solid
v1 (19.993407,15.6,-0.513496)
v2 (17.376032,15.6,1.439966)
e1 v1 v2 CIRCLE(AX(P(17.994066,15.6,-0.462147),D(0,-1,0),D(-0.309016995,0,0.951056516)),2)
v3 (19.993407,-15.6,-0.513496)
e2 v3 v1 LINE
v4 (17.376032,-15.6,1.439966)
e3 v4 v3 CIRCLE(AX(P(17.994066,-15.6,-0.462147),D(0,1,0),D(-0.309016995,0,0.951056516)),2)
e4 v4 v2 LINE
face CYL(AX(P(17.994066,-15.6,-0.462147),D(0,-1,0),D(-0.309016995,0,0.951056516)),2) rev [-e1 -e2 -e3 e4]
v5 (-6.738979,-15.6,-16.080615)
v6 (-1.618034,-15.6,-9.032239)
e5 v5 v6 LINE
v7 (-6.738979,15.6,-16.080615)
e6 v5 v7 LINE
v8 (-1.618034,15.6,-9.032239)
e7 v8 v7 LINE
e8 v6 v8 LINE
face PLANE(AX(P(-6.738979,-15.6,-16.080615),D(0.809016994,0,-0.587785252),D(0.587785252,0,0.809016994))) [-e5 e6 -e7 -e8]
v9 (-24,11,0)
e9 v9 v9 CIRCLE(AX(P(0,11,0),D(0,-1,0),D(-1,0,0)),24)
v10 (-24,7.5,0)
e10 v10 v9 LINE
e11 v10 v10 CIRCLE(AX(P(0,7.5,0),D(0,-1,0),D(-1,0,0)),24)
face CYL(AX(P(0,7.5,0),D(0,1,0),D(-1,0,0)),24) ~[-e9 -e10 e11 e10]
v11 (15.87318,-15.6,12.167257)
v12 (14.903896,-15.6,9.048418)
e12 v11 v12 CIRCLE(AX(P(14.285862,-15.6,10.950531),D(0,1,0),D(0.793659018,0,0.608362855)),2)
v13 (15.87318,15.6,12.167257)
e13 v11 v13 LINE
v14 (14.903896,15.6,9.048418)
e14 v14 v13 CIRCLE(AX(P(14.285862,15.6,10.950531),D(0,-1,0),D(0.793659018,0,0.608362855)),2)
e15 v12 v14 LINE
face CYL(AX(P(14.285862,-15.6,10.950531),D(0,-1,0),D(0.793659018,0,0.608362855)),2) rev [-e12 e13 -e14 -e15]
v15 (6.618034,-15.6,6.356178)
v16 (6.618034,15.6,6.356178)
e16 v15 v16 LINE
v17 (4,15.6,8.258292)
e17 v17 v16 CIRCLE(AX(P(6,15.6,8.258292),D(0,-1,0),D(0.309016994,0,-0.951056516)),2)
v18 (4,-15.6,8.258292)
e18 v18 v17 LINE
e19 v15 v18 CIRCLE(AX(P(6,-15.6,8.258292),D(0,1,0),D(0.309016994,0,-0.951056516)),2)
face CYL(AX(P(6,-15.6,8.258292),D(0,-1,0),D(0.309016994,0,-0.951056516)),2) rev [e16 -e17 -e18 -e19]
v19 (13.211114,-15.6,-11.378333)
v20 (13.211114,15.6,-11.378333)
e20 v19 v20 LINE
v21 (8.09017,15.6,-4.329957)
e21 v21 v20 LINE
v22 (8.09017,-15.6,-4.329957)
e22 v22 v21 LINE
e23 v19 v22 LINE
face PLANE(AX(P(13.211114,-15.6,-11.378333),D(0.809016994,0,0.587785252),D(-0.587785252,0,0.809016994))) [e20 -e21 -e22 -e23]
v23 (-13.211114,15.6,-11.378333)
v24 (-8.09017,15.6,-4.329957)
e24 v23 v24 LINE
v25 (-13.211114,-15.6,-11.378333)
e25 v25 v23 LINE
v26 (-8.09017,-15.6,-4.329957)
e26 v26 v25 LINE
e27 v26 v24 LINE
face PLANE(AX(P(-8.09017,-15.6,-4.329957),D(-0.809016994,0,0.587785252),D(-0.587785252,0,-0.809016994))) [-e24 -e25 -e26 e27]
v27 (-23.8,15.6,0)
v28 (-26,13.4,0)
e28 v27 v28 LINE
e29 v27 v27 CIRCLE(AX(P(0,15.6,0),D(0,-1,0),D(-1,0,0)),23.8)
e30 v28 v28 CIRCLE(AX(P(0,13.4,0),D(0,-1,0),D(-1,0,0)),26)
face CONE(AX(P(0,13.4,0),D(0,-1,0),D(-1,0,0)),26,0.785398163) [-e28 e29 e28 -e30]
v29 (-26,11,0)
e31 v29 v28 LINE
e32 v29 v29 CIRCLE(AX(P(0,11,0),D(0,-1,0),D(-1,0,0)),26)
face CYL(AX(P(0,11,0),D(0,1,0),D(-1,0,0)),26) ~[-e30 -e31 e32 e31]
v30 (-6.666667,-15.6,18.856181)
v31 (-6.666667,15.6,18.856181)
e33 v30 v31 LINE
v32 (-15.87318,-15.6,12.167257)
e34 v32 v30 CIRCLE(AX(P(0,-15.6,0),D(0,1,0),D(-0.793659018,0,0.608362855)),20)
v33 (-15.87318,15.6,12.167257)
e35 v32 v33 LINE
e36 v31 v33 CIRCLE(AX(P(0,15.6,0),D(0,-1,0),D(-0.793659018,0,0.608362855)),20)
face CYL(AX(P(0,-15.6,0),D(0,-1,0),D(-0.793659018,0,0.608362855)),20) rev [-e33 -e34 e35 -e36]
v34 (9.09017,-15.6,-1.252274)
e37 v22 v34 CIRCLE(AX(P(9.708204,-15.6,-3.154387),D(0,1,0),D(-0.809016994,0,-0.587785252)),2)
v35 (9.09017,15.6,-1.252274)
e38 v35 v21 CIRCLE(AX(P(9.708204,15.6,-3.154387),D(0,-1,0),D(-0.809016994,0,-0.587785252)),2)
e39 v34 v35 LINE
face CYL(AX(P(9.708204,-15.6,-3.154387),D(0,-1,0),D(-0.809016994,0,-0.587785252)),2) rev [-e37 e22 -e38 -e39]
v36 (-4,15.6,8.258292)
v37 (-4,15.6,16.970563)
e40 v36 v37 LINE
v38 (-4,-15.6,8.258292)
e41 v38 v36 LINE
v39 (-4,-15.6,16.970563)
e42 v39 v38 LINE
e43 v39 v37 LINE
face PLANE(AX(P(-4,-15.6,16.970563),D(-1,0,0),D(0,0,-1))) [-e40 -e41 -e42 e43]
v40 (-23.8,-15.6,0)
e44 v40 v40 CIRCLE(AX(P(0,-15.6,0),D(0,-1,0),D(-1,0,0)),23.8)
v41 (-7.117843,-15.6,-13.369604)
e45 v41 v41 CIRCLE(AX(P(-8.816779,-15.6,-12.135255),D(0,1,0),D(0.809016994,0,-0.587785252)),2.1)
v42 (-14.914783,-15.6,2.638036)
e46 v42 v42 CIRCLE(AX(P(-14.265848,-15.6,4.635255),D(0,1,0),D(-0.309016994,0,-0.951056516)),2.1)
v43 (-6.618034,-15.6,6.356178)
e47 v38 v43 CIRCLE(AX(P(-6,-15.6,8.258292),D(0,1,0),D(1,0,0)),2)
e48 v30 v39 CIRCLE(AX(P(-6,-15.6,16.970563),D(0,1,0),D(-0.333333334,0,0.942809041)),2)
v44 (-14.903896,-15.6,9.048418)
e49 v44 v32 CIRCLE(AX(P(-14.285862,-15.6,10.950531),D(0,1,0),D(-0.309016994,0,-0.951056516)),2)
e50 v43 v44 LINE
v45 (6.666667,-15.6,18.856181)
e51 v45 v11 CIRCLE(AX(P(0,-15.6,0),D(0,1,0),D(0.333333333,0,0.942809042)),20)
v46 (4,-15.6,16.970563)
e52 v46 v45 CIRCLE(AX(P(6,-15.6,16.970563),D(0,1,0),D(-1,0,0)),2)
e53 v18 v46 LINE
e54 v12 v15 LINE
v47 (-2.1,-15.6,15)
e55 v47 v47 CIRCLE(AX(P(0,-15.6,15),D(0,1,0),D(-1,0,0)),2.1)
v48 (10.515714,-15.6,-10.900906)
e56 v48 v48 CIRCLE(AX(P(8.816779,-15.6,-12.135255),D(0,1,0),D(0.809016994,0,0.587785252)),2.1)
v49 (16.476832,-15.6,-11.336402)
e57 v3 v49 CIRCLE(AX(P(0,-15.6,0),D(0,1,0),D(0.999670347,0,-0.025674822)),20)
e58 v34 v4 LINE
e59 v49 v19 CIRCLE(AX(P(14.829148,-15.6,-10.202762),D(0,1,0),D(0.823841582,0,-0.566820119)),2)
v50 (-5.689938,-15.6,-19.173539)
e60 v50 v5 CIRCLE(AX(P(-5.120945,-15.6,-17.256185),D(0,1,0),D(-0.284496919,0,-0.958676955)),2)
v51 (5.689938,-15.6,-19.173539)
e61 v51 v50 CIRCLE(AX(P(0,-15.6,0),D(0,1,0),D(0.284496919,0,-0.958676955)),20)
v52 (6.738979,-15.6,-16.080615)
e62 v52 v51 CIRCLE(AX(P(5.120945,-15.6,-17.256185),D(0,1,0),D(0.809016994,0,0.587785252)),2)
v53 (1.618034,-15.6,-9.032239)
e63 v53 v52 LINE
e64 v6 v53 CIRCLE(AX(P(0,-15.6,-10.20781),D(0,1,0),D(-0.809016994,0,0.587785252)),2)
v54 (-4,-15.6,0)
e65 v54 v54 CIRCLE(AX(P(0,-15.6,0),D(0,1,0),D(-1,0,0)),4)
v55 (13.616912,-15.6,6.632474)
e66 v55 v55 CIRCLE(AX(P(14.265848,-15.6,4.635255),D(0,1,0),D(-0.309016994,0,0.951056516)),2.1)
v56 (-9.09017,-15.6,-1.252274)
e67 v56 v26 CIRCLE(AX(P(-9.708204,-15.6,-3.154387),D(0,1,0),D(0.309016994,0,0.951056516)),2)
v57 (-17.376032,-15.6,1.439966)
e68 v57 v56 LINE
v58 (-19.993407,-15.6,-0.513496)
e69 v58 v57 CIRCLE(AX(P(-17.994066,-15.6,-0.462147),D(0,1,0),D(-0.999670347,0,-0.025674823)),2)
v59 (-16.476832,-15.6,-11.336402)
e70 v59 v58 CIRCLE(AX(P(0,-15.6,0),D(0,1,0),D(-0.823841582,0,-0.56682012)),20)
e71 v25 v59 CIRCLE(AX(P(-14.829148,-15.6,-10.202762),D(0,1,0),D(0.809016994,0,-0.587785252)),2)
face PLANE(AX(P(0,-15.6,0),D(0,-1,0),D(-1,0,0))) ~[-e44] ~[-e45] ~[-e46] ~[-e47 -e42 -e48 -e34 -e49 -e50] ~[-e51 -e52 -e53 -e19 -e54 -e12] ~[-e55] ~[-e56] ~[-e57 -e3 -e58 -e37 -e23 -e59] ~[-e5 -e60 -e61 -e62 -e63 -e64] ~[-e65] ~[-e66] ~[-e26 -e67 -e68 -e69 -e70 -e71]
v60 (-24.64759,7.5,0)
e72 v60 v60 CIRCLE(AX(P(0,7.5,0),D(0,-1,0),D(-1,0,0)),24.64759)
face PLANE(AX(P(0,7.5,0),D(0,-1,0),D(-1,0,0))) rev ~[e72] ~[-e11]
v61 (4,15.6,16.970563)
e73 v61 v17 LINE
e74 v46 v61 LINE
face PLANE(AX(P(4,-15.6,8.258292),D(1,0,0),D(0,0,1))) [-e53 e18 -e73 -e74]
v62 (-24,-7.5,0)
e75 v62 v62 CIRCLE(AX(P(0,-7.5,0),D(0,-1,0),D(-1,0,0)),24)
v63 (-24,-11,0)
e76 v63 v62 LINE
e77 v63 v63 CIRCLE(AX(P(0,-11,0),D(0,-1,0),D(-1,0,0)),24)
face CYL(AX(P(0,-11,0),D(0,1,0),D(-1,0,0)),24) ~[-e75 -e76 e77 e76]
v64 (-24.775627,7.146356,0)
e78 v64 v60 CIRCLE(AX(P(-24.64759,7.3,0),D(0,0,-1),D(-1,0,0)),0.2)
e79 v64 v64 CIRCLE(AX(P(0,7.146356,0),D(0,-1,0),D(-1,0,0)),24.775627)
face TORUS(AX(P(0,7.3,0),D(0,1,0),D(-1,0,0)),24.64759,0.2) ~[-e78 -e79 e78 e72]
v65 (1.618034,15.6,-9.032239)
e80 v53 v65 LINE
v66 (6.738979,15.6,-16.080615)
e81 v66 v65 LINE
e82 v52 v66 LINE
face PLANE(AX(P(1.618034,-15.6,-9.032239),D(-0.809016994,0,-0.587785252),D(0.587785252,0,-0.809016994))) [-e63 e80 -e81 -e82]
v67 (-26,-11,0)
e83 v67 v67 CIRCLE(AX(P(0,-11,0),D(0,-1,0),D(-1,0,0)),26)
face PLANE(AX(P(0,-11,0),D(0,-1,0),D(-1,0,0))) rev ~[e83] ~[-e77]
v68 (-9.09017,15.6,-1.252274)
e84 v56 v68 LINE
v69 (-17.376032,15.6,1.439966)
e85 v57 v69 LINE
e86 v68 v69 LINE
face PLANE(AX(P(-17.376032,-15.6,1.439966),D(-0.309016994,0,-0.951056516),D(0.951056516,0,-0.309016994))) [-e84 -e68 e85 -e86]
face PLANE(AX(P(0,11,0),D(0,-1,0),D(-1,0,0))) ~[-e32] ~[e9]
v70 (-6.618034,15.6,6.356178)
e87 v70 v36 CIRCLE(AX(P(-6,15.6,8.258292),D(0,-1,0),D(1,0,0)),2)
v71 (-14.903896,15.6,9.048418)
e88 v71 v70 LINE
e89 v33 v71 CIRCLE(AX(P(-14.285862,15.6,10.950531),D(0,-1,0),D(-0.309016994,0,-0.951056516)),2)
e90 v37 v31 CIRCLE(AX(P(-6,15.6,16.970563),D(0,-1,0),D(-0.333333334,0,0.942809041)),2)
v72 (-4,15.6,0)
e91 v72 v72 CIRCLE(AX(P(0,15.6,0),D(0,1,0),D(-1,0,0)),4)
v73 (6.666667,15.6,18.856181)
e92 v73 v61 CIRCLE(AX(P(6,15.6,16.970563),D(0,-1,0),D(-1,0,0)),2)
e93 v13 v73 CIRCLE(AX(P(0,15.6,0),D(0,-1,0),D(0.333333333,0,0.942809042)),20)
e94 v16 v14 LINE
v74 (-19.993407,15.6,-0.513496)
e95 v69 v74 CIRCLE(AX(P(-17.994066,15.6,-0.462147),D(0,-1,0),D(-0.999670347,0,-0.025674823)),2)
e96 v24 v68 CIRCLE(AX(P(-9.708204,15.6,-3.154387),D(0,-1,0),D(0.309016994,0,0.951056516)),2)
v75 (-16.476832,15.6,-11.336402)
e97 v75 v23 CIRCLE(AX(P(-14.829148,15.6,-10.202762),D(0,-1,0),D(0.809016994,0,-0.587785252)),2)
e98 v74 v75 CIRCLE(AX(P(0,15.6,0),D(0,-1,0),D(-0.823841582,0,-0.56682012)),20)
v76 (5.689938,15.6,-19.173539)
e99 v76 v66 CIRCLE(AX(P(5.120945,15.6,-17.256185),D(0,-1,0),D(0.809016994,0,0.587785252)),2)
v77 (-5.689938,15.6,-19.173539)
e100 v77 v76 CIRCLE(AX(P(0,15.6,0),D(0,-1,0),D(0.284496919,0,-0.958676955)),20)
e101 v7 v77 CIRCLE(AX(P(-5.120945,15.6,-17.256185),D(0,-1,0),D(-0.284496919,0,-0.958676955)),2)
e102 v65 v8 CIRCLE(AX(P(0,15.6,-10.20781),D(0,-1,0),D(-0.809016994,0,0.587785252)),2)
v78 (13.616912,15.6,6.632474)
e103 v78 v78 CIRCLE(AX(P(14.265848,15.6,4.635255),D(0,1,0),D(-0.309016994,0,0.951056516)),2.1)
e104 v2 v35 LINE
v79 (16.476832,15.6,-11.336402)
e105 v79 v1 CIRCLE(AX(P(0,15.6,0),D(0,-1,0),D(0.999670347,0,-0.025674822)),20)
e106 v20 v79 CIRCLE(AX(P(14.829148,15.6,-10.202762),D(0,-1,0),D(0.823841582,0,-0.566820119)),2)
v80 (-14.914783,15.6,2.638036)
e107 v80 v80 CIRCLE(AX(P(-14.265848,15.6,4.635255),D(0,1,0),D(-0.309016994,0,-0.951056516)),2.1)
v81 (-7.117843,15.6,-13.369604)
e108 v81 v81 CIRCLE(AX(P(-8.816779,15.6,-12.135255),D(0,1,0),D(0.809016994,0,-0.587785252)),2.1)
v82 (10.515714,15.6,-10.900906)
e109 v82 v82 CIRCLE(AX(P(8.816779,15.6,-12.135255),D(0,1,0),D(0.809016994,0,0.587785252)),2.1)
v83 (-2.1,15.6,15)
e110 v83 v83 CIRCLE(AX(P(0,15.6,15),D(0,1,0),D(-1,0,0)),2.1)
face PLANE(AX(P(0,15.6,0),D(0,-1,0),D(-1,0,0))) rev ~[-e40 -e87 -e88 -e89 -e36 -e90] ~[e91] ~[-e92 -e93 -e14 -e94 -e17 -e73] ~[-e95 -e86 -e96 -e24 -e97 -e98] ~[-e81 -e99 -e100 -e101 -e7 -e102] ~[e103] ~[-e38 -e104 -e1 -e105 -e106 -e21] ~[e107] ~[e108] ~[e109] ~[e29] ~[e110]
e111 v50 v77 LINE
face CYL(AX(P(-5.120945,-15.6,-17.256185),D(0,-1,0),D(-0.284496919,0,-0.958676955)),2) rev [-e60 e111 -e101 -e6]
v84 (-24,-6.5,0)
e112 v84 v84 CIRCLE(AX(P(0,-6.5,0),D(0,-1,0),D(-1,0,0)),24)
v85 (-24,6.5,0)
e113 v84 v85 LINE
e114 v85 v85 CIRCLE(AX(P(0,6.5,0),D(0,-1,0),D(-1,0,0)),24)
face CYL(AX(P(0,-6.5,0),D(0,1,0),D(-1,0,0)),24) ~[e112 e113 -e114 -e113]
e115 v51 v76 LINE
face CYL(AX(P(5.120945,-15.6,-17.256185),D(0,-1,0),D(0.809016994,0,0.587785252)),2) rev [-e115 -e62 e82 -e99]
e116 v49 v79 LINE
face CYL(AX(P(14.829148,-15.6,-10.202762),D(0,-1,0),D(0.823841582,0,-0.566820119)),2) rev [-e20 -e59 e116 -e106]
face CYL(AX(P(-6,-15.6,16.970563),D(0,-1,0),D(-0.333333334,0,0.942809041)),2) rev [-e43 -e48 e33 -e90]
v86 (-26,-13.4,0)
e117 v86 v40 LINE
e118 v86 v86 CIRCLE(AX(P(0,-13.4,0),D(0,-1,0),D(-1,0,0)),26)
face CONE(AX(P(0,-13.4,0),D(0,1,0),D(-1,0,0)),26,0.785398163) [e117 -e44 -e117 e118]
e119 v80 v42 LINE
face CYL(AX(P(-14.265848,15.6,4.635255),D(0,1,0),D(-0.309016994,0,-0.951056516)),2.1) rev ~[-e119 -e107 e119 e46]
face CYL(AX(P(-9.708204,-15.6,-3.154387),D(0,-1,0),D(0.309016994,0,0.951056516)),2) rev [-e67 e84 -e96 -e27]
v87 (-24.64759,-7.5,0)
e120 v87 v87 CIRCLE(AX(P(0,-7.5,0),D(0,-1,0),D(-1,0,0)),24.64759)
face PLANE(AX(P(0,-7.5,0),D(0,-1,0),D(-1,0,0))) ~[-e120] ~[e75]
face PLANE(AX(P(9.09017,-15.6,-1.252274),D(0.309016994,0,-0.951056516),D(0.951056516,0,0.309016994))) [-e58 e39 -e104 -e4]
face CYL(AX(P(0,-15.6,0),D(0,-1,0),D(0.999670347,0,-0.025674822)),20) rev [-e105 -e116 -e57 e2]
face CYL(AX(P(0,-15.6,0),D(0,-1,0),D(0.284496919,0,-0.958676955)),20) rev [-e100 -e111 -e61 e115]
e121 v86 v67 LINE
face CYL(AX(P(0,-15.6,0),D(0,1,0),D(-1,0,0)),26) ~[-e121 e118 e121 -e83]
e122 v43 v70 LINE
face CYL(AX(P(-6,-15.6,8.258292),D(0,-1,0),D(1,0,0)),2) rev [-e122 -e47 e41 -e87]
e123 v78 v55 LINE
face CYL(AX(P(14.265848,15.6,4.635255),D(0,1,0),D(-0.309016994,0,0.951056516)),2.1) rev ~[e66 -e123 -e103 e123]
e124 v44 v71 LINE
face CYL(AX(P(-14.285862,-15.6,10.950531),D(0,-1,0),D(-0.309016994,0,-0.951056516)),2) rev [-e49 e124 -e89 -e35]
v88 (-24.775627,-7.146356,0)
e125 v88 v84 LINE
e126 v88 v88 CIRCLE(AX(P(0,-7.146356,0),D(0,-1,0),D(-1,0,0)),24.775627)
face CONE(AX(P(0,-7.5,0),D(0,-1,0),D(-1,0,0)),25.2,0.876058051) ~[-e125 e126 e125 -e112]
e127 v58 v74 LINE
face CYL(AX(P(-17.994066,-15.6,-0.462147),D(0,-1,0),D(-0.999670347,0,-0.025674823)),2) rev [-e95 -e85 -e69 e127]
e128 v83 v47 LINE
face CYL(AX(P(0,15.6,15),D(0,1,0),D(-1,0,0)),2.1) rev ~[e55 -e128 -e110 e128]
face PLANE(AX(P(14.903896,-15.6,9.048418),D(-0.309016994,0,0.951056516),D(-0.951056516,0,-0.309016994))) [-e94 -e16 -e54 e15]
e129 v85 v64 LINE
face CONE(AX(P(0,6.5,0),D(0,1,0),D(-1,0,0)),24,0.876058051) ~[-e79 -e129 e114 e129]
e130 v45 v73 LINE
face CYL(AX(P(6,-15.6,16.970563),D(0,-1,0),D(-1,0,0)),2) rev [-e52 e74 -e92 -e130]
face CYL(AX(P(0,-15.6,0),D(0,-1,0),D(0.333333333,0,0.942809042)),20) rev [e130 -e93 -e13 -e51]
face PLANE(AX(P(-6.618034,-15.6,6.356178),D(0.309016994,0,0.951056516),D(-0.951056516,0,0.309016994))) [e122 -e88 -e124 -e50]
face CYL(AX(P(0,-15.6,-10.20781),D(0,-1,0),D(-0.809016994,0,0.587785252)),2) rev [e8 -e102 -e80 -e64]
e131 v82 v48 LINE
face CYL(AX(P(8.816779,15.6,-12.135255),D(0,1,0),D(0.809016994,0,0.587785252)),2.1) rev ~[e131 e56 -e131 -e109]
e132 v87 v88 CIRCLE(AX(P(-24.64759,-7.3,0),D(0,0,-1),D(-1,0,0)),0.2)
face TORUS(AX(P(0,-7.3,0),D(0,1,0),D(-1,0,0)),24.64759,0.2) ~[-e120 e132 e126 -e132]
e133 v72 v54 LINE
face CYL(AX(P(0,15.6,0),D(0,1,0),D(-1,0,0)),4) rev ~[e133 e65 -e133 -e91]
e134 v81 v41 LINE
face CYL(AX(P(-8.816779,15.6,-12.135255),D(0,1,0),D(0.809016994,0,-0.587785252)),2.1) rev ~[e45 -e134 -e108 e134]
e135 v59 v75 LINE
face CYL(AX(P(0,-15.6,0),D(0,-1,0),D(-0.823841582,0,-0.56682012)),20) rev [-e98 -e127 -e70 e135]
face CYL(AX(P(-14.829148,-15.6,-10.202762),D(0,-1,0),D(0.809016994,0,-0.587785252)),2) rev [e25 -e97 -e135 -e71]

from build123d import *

# Parameters (mm, degrees)
FILLET_1_R               = 0.2
CUT_EXTRUDE_2_REACH      = 50.223
PATTERN_CIRCULAR_1_COUNT = 5
CUT_EXTRUDE_3_REACH      = 50.223
SKETCH_8_R               = 4
CUT_EXTRUDE_4_REACH      = 50.223
SKETCH_9_R               = 2.1
PATTERN_CIRCULAR_2_COUNT = 5
CHAMFER_1_SIZE           = 2.2


with BuildPart() as part:
    # 草图2 → 旋转1 (revolve)
    with BuildSketch(Plane.XY, mode=Mode.PRIVATE) as revolve_1_sk:
        Polygon((0, 15.6), (0, -15.6), (26, -15.6), (26, -11), (24, -11), (24, -7.5), (25.2, -7.5), (24, -6.5), (24, 6.5), (25.2, 7.5), (24, 7.5), (24, 11), (26, 11), (26, 15.6), align=None)
    revolve(revolve_1_sk.sketch.rotate(Axis((0, 24.034054419, 0), (0, -1, 0)), 180), axis=Axis((0, 24.034054419, 0), (0, -1, 0)))

    # 圆角1
    fillet_1_edges = [part.edges().sort_by_distance(p)[0] for p in [
        (25.2, 7.5, 0),
        (25.2, -7.5, 0),
    ]]
    fillet(fillet_1_edges, radius=FILLET_1_R)

    # 草图6 → 切除-拉伸2 (cut, up to next)
    with BuildSketch(Plane.XZ.offset(15.6), mode=Mode.PRIVATE) as cut_extrude_2_sk1:
        with BuildLine():
            Line((9.090169944, -1.25227364), (17.376032265, 1.439966228))
            ThreePointArc((17.376032265, 1.439966228), (19.190312951, 1.140661306), (19.993406948, -0.513496449))
            ThreePointArc((19.993406948, -0.513496449), (19.021130326, -6.180339887), (16.476831637, -11.336402393))
            ThreePointArc((16.476831637, -11.336402393), (14.854825412, -12.202597321), (13.211114484, -11.378332658))
            Line((13.211114484, -11.378332658), (8.090169944, -4.329957177))
            ThreePointArc((8.090169944, -4.329957177), (7.8060909, -2.536352684), (9.090169944, -1.25227364))
        make_face()
    cut_extrude_2_tool1 = extrude(cut_extrude_2_sk1.sketch, amount=-CUT_EXTRUDE_2_REACH, mode=Mode.PRIVATE) & part.part
    cut_extrude_2 = cut_extrude_2_tool1.solids().sort_by_distance((14.482969, -15.6, -4.705802))[0]
    add(cut_extrude_2, mode=Mode.SUBTRACT)

    # 阵列(圆周)1: 切除-拉伸2 ×5 about axis
    pattern_circular_1_axis = Axis((0, 0, 0), (0, 1, 0))
    for i in range(1, PATTERN_CIRCULAR_1_COUNT):
        add(cut_extrude_2.rotate(pattern_circular_1_axis, i * 360 / PATTERN_CIRCULAR_1_COUNT), mode=Mode.SUBTRACT)

    # 草图8 → 切除-拉伸3 (cut, up to next)
    with BuildSketch(Plane(origin=(0, 15.6, 0), x_dir=(1, 0, 0), z_dir=(0, 1, 0)), mode=Mode.PRIVATE) as cut_extrude_3_sk1:
        with Locations(Location((0, 0, 0), (0, 0, 180))):
            Circle(SKETCH_8_R)
    cut_extrude_3_tool1 = extrude(cut_extrude_3_sk1.sketch, amount=-CUT_EXTRUDE_3_REACH, mode=Mode.PRIVATE) & part.part
    add(cut_extrude_3_tool1.solids().sort_by_distance((0, 15.6, 0))[0], mode=Mode.SUBTRACT)

    # 草图9 → 切除-拉伸4 (cut, up to next)
    with BuildSketch(Plane(origin=(0, 15.6, 0), x_dir=(1, 0, 0), z_dir=(0, 1, 0)), mode=Mode.PRIVATE) as cut_extrude_4_sk1:
        with Locations(Location((0, -15, 0), (0, 0, 180))):
            Circle(SKETCH_9_R)
    cut_extrude_4_tool1 = extrude(cut_extrude_4_sk1.sketch, amount=-CUT_EXTRUDE_4_REACH, mode=Mode.PRIVATE) & part.part
    cut_extrude_4 = cut_extrude_4_tool1.solids().sort_by_distance((0, 15.6, 15))[0]
    add(cut_extrude_4, mode=Mode.SUBTRACT)

    # 阵列(圆周)2: 切除-拉伸4 ×5 about axis
    pattern_circular_2_axis = Axis((0, 0, 0), (0, 1, 0))
    for i in range(1, PATTERN_CIRCULAR_2_COUNT):
        add(cut_extrude_4.rotate(pattern_circular_2_axis, i * 360 / PATTERN_CIRCULAR_2_COUNT), mode=Mode.SUBTRACT)

    # 倒角1
    chamfer_1_edges = [part.edges().sort_by_distance(p)[0] for p in [
        (26, -15.6, 0),
        (26, 15.6, 0),
    ]]
    chamfer(chamfer_1_edges, length=CHAMFER_1_SIZE)


solid = part.part
